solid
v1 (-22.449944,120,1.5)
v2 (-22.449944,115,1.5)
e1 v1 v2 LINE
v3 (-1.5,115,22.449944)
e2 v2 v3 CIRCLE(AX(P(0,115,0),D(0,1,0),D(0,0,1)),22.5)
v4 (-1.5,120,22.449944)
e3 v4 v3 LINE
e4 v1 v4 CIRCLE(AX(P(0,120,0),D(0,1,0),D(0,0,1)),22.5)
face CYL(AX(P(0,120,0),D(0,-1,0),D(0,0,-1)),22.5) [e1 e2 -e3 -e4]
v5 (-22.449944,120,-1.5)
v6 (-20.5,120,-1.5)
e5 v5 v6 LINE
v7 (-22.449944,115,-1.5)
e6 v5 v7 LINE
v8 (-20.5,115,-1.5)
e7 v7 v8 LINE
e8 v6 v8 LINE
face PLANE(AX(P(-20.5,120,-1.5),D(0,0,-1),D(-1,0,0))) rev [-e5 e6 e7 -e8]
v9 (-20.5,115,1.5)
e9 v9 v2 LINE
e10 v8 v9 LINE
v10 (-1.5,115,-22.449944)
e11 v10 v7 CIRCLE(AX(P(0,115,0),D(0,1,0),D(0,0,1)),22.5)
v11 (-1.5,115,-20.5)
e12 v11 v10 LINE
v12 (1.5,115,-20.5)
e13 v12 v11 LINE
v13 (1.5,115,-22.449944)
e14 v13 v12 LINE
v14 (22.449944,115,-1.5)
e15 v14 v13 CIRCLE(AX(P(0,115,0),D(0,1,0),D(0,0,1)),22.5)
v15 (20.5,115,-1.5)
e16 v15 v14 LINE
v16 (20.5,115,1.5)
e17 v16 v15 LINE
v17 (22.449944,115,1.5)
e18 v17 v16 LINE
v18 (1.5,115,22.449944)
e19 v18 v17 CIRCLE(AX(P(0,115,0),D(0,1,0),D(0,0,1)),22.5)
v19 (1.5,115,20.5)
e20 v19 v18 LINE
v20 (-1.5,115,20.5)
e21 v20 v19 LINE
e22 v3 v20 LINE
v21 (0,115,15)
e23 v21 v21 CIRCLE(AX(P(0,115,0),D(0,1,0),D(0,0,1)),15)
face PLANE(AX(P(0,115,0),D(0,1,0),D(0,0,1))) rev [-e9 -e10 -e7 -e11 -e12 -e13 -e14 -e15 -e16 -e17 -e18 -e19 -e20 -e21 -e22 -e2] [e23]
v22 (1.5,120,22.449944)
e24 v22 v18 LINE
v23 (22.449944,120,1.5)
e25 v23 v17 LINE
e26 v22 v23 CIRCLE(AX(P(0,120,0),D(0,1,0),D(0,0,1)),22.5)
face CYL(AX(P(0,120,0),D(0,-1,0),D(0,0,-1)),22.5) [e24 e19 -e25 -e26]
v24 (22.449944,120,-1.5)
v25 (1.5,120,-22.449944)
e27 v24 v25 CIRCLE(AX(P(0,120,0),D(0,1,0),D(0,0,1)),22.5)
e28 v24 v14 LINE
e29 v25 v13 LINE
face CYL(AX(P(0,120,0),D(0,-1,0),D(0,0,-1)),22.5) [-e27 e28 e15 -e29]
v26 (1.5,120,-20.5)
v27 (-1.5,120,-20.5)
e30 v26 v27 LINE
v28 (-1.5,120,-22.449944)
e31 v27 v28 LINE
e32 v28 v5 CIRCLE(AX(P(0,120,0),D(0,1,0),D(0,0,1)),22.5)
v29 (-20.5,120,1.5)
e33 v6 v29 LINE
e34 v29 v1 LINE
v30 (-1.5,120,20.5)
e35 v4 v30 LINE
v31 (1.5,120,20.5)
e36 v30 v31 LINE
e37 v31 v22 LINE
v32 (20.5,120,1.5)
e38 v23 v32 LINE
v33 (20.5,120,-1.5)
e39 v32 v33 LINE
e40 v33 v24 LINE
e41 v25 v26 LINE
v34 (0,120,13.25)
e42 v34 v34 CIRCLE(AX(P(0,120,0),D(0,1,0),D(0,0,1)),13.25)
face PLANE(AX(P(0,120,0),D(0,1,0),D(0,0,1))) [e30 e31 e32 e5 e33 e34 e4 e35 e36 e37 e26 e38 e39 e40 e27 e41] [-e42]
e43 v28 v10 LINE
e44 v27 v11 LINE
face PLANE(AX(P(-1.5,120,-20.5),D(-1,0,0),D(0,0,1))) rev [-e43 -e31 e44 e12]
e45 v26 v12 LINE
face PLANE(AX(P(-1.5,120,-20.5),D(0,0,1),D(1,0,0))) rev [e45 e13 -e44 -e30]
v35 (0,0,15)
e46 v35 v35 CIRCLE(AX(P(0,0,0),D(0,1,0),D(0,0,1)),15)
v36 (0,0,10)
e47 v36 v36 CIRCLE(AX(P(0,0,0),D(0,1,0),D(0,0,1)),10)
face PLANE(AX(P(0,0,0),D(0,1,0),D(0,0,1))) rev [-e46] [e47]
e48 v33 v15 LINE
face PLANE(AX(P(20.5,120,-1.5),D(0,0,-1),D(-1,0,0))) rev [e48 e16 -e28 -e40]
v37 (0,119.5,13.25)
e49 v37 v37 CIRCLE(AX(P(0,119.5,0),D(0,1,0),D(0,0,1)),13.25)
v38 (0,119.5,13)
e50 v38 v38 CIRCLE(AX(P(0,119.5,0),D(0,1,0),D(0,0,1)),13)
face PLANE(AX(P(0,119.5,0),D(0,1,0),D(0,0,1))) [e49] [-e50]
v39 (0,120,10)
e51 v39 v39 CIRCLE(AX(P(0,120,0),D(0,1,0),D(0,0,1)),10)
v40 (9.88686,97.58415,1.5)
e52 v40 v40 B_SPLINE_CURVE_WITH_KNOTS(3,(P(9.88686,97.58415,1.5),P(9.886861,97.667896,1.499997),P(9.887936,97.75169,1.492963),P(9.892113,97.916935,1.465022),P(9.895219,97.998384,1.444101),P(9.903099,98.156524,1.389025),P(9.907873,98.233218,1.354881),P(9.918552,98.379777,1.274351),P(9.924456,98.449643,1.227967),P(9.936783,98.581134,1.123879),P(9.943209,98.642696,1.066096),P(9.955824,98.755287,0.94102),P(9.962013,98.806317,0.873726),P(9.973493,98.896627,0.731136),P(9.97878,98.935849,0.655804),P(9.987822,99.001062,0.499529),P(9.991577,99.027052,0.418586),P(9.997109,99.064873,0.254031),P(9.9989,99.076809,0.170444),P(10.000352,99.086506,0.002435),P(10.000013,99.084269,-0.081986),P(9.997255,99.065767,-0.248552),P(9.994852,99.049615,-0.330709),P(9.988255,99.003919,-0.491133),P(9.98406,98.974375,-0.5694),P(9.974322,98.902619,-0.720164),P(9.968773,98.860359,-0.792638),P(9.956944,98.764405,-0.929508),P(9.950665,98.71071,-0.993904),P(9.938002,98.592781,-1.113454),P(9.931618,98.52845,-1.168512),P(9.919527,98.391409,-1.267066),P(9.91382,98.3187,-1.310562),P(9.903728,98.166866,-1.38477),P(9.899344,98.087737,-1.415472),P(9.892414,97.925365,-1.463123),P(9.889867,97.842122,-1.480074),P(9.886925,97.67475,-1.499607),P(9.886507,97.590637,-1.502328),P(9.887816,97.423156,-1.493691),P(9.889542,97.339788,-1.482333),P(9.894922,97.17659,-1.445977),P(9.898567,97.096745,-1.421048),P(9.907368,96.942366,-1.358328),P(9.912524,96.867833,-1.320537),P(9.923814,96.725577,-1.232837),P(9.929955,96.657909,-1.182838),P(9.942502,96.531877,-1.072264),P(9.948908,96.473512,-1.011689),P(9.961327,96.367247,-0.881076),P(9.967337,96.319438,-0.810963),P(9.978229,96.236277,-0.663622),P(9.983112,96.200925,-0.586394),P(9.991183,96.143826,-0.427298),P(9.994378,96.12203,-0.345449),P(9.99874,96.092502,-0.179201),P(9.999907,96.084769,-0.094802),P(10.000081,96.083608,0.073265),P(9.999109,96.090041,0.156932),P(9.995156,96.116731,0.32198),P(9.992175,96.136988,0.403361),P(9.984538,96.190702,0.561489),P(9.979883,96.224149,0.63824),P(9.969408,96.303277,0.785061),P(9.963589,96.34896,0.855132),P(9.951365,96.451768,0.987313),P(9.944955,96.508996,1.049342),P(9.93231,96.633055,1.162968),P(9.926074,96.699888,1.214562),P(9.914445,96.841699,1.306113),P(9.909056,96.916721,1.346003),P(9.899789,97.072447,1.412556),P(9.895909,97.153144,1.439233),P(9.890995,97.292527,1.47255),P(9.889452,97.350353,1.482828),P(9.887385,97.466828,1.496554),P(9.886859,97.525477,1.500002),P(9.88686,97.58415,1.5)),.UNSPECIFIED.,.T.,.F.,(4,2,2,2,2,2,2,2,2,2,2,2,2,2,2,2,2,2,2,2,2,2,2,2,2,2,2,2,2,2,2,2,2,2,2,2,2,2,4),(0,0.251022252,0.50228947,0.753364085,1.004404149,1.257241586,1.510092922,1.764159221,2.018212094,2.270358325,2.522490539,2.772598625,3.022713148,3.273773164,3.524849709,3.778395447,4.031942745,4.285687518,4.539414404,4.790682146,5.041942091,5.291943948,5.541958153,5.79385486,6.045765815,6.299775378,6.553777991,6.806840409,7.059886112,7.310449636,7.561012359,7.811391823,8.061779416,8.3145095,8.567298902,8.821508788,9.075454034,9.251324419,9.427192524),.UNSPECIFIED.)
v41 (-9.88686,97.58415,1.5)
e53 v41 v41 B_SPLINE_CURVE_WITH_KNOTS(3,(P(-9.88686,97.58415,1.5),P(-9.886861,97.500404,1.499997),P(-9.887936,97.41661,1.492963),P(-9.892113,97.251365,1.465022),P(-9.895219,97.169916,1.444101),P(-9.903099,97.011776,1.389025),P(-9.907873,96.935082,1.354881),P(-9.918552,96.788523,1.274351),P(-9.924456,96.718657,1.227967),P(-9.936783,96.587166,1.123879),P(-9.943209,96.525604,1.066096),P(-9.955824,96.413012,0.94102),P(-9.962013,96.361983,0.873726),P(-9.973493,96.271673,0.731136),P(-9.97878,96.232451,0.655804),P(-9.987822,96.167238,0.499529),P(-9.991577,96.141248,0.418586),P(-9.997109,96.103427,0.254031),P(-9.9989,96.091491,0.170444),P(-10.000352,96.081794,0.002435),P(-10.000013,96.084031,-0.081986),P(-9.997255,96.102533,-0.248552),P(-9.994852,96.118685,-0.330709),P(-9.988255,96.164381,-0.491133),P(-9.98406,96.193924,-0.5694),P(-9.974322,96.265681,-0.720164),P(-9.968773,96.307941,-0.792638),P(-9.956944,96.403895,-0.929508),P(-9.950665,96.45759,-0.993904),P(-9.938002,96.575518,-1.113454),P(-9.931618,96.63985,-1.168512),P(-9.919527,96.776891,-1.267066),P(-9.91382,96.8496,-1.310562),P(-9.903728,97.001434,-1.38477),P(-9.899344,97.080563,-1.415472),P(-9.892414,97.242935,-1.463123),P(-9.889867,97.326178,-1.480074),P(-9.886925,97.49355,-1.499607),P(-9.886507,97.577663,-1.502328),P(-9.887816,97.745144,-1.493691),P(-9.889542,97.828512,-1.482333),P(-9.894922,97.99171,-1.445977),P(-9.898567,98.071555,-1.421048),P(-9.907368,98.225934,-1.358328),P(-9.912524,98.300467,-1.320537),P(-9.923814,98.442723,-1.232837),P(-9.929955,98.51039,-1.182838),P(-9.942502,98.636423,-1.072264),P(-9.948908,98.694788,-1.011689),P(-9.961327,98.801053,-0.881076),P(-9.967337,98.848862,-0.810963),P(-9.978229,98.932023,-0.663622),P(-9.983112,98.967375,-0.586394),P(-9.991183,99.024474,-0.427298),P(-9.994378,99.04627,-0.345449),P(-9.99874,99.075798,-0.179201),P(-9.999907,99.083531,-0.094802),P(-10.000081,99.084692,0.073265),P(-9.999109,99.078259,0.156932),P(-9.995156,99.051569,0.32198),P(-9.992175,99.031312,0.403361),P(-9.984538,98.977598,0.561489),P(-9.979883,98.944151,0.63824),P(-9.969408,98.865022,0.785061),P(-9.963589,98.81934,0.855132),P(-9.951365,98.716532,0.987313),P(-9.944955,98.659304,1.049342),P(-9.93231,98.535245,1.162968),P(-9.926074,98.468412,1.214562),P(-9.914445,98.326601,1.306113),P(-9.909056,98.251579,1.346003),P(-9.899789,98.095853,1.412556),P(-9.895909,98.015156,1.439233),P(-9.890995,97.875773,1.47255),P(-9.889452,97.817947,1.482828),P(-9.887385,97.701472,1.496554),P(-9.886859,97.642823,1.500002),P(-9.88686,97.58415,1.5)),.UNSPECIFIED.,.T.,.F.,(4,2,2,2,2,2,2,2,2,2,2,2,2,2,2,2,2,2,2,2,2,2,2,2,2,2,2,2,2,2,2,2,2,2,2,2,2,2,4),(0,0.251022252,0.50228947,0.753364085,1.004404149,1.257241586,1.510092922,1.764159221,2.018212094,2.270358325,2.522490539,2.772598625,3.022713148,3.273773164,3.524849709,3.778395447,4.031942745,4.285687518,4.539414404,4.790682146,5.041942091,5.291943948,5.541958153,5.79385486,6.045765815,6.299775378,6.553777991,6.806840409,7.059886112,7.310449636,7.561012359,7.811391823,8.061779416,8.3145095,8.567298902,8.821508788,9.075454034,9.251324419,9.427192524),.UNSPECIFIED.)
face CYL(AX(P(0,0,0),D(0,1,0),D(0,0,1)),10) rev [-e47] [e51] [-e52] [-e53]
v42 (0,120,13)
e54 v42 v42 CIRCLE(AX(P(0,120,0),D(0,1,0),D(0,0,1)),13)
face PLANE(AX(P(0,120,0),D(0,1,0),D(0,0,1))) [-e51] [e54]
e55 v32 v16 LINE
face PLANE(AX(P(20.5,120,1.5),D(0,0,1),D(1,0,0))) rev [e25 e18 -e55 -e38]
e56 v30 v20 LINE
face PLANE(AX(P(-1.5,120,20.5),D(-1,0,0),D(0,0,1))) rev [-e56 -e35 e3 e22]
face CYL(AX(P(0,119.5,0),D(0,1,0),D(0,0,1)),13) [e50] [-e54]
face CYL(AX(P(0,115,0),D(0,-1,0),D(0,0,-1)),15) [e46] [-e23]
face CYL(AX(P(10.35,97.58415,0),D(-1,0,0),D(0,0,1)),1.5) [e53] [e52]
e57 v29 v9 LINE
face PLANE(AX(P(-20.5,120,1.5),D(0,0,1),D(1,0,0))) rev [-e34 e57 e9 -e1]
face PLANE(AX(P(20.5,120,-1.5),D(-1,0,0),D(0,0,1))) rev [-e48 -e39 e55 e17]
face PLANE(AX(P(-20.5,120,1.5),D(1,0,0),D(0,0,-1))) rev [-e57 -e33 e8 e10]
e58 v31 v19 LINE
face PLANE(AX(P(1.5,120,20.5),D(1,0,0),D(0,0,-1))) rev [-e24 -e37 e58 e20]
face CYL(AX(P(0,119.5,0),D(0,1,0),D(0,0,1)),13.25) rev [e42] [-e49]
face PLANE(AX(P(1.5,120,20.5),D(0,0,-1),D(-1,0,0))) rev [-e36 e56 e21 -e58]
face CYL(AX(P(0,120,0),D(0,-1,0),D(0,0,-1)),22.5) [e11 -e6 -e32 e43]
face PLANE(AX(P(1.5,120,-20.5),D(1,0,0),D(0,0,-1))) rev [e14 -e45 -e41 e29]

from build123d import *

# Parameters (mm, degrees)
SKETCH1_R           = 15
BOSS_EXTRUDE1_DEPTH = 115
BOSS_EXTRUDE2_DEPTH = 5
SKETCH3_R           = 13.25
SKETCH3_R_2         = 13
CUT_EXTRUDE1_DEPTH  = 0.5
SKETCH4_R           = 10
CUT_EXTRUDE2_DEPTH  = 125.128965193
SKETCH5_R           = 1.5
BOSS_EXTRUDE3_DEPTH = 10.35


with BuildPart() as part:
    # Sketch1 → Boss-Extrude1 (new body)
    with BuildSketch(Plane(origin=(0, 0, 0), x_dir=(1, 0, 0), z_dir=(0, 1, 0))):
        with Locations(Location((0, 0, 0), (0, 0, 270))):
            Circle(SKETCH1_R)
    extrude(amount=BOSS_EXTRUDE1_DEPTH)

    # Sketch2 → Boss-Extrude2 (add)
    with BuildSketch(Plane(origin=(0, 115, 0), x_dir=(1, 0, 0), z_dir=(0, 1, 0))):
        with BuildLine():
            Line((-1.5, 20.5), (1.5, 20.5))
            Line((1.5, 20.5), (1.5, 22.449944321))
            ThreePointArc((1.5, 22.449944321), (15.909902577, 15.909902577), (22.449944321, 1.5))
            Line((22.449944321, 1.5), (20.5, 1.5))
            Line((20.5, 1.5), (20.5, -1.5))
            Line((20.5, -1.5), (22.449944321, -1.5))
            ThreePointArc((22.449944321, -1.5), (15.909902577, -15.909902577), (1.5, -22.449944321))
            Line((1.5, -22.449944321), (1.5, -20.5))
            Line((1.5, -20.5), (-1.5, -20.5))
            Line((-1.5, -20.5), (-1.5, -22.449944321))
            ThreePointArc((-1.5, -22.449944321), (-15.909902577, -15.909902577), (-22.449944321, -1.5))
            Line((-22.449944321, -1.5), (-20.5, -1.5))
            Line((-20.5, -1.5), (-20.5, 1.5))
            Line((-20.5, 1.5), (-22.449944321, 1.5))
            ThreePointArc((-22.449944321, 1.5), (-15.909902577, 15.909902577), (-1.5, 22.449944321))
            Line((-1.5, 22.449944321), (-1.5, 20.5))
        make_face()
    extrude(amount=BOSS_EXTRUDE2_DEPTH)

    # Sketch3 → Cut-Extrude1 (cut)
    with BuildSketch(Plane(origin=(0, 120, 0), x_dir=(1, 0, 0), z_dir=(0, 1, 0))):
        with Locations(Location((0, 0, 0), (0, 0, 270))):
            Circle(SKETCH3_R)
        with Locations(Location((0, 0, 0), (0, 0, 270))):
            Circle(SKETCH3_R_2, mode=Mode.SUBTRACT)
    extrude(amount=-CUT_EXTRUDE1_DEPTH, mode=Mode.SUBTRACT)

    # Sketch4 → Cut-Extrude2 (cut, through all)
    with BuildSketch(Plane(origin=(0, 120, 0), x_dir=(1, 0, 0), z_dir=(0, 1, 0))):
        with Locations(Location((0, 0, 0), (0, 0, 270))):
            Circle(SKETCH4_R)
    extrude(amount=-CUT_EXTRUDE2_DEPTH, mode=Mode.SUBTRACT)

    # Sketch5 → Boss-Extrude3 (add, symmetric)
    with BuildSketch(Plane(origin=(0, 0, 0), x_dir=(0, 0, -1), z_dir=(1, 0, 0))):
        with Locations(Location((0, 97.584149944, 0), (0, 0, 180))):
            Circle(SKETCH5_R)
    extrude(amount=BOSS_EXTRUDE3_DEPTH, both=True)


solid = part.part
